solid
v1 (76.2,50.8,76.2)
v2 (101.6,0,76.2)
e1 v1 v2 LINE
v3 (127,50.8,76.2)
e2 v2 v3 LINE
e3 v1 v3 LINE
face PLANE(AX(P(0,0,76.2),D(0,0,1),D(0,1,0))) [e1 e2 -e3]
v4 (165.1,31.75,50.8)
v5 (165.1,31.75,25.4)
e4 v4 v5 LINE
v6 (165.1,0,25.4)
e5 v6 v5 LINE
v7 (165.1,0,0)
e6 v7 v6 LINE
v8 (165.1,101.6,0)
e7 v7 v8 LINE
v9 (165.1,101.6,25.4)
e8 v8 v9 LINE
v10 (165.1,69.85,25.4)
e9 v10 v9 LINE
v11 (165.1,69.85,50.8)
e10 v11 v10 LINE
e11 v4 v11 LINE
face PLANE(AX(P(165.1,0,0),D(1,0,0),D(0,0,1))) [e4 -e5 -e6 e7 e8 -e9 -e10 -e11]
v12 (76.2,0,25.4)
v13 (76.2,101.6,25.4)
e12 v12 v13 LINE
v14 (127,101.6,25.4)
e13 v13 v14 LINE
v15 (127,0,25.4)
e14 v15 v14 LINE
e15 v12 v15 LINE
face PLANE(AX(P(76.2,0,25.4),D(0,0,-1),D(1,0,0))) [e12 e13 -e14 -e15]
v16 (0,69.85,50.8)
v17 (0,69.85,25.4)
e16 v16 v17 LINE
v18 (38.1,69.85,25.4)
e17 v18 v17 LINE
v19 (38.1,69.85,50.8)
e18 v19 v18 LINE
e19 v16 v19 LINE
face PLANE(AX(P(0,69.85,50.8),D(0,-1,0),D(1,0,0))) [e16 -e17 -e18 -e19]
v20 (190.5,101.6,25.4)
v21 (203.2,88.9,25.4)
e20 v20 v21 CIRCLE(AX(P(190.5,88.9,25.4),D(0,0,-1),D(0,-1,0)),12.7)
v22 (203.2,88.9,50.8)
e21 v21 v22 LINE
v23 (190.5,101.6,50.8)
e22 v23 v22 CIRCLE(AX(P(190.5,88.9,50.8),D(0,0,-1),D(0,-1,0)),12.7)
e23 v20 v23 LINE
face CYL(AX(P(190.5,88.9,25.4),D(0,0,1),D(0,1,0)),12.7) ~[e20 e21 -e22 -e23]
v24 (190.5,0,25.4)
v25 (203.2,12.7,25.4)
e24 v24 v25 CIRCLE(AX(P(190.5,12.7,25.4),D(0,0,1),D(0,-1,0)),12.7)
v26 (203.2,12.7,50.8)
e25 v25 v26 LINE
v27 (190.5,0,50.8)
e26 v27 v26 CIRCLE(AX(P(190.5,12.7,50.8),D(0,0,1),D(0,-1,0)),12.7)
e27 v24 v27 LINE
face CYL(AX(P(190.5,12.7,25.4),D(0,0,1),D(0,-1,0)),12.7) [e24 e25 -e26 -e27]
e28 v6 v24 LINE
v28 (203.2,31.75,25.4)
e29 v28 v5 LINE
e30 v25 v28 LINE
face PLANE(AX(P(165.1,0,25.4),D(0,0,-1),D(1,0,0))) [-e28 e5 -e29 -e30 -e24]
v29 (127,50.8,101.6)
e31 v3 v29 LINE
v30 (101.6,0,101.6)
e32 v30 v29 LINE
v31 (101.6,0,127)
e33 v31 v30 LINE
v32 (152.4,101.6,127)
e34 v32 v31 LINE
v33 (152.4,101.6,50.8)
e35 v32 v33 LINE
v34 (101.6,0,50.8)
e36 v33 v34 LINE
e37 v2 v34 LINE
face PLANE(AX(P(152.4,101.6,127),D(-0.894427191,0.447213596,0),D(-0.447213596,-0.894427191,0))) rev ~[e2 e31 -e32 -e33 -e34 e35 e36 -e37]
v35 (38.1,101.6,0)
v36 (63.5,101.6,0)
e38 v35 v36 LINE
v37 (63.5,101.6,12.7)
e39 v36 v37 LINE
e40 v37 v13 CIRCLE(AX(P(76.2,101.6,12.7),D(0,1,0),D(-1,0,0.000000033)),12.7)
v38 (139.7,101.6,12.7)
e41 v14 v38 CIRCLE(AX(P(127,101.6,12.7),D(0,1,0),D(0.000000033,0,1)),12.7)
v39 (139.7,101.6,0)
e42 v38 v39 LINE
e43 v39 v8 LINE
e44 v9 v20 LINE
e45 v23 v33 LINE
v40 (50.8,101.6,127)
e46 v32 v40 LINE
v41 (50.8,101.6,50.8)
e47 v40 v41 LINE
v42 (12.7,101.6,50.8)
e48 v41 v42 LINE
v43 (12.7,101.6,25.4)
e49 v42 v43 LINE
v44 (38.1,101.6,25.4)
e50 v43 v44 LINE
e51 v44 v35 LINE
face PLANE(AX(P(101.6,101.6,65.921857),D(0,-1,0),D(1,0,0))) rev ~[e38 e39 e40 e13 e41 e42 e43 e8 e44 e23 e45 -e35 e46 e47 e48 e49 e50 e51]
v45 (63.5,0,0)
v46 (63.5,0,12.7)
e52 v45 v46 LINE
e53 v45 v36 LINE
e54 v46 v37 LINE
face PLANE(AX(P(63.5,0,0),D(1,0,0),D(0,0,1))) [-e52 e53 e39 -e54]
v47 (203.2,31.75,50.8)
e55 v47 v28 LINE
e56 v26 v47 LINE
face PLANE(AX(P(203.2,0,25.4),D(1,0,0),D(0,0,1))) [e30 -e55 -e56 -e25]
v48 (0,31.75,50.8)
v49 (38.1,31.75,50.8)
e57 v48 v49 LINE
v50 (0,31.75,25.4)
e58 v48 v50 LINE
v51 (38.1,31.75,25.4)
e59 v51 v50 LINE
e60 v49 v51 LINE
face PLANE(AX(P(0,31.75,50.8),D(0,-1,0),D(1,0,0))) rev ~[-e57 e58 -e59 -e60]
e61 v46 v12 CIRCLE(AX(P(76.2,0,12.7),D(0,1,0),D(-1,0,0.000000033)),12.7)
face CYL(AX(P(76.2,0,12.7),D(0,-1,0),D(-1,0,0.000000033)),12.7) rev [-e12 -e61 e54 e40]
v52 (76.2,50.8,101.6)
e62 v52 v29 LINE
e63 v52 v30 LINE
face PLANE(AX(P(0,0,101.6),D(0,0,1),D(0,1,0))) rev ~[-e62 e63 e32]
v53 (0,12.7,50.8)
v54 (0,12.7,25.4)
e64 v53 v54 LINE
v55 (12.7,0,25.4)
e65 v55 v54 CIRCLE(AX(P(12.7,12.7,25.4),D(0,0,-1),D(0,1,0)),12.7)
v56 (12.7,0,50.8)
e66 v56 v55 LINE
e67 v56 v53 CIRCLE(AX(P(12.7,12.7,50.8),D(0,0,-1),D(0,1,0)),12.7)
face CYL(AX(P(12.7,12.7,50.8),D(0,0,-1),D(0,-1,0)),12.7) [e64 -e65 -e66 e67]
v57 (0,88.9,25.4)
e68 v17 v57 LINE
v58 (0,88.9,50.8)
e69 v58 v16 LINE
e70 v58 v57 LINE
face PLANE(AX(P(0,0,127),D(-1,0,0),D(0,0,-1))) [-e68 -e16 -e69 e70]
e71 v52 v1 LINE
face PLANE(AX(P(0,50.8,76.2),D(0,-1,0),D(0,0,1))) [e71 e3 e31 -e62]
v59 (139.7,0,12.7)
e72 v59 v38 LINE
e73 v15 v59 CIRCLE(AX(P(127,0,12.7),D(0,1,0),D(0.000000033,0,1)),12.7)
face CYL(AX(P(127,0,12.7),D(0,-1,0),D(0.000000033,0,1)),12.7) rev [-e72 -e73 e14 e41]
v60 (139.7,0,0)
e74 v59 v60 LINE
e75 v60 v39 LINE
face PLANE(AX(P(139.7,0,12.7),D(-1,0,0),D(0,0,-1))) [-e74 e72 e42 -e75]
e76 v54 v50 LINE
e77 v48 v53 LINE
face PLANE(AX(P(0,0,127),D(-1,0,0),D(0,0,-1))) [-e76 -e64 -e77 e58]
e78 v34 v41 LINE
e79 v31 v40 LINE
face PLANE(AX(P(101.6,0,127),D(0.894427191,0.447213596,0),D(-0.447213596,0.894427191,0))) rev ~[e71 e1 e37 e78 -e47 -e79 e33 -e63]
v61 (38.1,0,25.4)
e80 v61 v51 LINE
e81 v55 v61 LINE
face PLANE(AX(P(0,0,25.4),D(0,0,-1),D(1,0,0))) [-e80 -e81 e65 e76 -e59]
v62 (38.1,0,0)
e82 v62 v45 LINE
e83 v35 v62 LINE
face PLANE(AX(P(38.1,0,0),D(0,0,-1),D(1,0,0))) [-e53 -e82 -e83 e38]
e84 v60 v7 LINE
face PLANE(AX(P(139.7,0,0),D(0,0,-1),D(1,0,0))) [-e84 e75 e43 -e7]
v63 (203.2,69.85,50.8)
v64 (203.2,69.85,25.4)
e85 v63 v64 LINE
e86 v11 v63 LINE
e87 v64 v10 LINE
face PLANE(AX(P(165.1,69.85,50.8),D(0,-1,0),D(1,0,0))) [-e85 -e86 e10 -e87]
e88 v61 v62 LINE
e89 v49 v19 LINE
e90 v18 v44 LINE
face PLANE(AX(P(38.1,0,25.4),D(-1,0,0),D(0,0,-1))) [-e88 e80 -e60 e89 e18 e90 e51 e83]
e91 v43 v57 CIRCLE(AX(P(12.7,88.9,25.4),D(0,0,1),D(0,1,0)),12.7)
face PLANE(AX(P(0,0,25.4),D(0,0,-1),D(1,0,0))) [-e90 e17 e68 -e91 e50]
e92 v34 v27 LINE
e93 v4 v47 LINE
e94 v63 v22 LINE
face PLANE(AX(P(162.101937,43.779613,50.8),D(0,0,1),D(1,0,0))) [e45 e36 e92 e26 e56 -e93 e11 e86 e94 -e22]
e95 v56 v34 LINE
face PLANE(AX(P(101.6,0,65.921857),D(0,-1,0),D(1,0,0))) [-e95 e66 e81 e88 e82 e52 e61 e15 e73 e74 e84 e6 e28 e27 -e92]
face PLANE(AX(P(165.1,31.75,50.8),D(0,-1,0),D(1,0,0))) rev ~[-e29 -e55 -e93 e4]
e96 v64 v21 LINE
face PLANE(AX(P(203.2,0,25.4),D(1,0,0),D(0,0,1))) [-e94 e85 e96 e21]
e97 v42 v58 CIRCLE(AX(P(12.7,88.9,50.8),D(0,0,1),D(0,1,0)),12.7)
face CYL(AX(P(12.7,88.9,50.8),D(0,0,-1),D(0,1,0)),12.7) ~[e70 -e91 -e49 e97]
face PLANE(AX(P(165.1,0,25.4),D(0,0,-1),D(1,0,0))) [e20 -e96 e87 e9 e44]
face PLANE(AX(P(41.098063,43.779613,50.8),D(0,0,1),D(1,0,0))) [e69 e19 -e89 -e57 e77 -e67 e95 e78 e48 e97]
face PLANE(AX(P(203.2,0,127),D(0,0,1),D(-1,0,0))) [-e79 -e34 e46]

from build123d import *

# Parameters (mm, degrees)
F1_DEPTH  = 101.6
F3_DEPTH  = 76.2
F4_R      = 12.7
F5_W      = 38.1
F5_H      = 38.1
F6_DEPTH  = 50.801
F7_W      = 38.1
F7_H      = 38.1
F8_DEPTH  = 50.801
F9_W      = 50.8
F9_H      = 25.4
F10_DEPTH = 203.201


with BuildPart() as f1:
    # F0 (on Front) → F1 (new body)
    with BuildSketch(Plane.XZ):
        with BuildLine():
            Line((38.1, 25.4), (38.1, 0))
            Line((38.1, 0), (63.5, 0))
            Line((63.5, 0), (63.5, 12.7))
            ThreePointArc((63.5, 12.7), (67.219744, 21.680256), (76.2, 25.4))
            Line((76.2, 25.4), (127, 25.4))
            ThreePointArc((127, 25.4), (135.980256, 21.680256), (139.7, 12.7))
            Line((139.7, 12.7), (139.7, 0))
            Line((139.7, 0), (165.1, 0))
            Line((165.1, 0), (165.1, 25.4))
            Line((165.1, 25.4), (203.2, 25.4))
            Line((203.2, 25.4), (203.2, 127))
            Line((203.2, 127), (0, 127))
            Line((0, 127), (0, 25.4))
            Line((0, 25.4), (38.1, 25.4))
        make_face()
    extrude(amount=-F1_DEPTH)

    # F2 (on face) → F3 (cut)
    with BuildSketch(Plane.XY.offset(127)):
        Polygon((152.4, 101.6), (101.6, 0), (203.2, 0), (203.2, 101.6), align=None)
        Polygon((0, 0), (101.6, 0), (50.8, 101.6), (0, 101.6), align=None)
    extrude(amount=-F3_DEPTH, mode=Mode.SUBTRACT)

    # F4
    f4_edges = [f1.edges().sort_by_distance(p)[0] for p in [
        (203.2, 0, 38.1),
        (203.2, 101.6, 38.1),
        (0, 101.6, 38.1),
        (0, 0, 38.1),
    ]]
    fillet(f4_edges, radius=F4_R)

    # F5 (on face) → F6 (cut, through all)
    with BuildSketch(Plane.XY.offset(50.8)):
        with Locations((19.05, 50.8)):
            Rectangle(F5_W, F5_H)
    extrude(amount=-F6_DEPTH, mode=Mode.SUBTRACT)

    # F7 (on face) → F8 (cut, through all)
    with BuildSketch(Plane.XY.offset(50.8)):
        with Locations((184.15, 50.8)):
            Rectangle(F7_W, F7_H)
    extrude(amount=-F8_DEPTH, mode=Mode.SUBTRACT)

    # F9 (on Right) → F10 (cut, through all)
    with BuildSketch(Plane.YZ):
        with Locations((25.4, 88.9)):
            Rectangle(F9_W, F9_H)
    extrude(amount=F10_DEPTH, mode=Mode.SUBTRACT)


solid = f1.part
